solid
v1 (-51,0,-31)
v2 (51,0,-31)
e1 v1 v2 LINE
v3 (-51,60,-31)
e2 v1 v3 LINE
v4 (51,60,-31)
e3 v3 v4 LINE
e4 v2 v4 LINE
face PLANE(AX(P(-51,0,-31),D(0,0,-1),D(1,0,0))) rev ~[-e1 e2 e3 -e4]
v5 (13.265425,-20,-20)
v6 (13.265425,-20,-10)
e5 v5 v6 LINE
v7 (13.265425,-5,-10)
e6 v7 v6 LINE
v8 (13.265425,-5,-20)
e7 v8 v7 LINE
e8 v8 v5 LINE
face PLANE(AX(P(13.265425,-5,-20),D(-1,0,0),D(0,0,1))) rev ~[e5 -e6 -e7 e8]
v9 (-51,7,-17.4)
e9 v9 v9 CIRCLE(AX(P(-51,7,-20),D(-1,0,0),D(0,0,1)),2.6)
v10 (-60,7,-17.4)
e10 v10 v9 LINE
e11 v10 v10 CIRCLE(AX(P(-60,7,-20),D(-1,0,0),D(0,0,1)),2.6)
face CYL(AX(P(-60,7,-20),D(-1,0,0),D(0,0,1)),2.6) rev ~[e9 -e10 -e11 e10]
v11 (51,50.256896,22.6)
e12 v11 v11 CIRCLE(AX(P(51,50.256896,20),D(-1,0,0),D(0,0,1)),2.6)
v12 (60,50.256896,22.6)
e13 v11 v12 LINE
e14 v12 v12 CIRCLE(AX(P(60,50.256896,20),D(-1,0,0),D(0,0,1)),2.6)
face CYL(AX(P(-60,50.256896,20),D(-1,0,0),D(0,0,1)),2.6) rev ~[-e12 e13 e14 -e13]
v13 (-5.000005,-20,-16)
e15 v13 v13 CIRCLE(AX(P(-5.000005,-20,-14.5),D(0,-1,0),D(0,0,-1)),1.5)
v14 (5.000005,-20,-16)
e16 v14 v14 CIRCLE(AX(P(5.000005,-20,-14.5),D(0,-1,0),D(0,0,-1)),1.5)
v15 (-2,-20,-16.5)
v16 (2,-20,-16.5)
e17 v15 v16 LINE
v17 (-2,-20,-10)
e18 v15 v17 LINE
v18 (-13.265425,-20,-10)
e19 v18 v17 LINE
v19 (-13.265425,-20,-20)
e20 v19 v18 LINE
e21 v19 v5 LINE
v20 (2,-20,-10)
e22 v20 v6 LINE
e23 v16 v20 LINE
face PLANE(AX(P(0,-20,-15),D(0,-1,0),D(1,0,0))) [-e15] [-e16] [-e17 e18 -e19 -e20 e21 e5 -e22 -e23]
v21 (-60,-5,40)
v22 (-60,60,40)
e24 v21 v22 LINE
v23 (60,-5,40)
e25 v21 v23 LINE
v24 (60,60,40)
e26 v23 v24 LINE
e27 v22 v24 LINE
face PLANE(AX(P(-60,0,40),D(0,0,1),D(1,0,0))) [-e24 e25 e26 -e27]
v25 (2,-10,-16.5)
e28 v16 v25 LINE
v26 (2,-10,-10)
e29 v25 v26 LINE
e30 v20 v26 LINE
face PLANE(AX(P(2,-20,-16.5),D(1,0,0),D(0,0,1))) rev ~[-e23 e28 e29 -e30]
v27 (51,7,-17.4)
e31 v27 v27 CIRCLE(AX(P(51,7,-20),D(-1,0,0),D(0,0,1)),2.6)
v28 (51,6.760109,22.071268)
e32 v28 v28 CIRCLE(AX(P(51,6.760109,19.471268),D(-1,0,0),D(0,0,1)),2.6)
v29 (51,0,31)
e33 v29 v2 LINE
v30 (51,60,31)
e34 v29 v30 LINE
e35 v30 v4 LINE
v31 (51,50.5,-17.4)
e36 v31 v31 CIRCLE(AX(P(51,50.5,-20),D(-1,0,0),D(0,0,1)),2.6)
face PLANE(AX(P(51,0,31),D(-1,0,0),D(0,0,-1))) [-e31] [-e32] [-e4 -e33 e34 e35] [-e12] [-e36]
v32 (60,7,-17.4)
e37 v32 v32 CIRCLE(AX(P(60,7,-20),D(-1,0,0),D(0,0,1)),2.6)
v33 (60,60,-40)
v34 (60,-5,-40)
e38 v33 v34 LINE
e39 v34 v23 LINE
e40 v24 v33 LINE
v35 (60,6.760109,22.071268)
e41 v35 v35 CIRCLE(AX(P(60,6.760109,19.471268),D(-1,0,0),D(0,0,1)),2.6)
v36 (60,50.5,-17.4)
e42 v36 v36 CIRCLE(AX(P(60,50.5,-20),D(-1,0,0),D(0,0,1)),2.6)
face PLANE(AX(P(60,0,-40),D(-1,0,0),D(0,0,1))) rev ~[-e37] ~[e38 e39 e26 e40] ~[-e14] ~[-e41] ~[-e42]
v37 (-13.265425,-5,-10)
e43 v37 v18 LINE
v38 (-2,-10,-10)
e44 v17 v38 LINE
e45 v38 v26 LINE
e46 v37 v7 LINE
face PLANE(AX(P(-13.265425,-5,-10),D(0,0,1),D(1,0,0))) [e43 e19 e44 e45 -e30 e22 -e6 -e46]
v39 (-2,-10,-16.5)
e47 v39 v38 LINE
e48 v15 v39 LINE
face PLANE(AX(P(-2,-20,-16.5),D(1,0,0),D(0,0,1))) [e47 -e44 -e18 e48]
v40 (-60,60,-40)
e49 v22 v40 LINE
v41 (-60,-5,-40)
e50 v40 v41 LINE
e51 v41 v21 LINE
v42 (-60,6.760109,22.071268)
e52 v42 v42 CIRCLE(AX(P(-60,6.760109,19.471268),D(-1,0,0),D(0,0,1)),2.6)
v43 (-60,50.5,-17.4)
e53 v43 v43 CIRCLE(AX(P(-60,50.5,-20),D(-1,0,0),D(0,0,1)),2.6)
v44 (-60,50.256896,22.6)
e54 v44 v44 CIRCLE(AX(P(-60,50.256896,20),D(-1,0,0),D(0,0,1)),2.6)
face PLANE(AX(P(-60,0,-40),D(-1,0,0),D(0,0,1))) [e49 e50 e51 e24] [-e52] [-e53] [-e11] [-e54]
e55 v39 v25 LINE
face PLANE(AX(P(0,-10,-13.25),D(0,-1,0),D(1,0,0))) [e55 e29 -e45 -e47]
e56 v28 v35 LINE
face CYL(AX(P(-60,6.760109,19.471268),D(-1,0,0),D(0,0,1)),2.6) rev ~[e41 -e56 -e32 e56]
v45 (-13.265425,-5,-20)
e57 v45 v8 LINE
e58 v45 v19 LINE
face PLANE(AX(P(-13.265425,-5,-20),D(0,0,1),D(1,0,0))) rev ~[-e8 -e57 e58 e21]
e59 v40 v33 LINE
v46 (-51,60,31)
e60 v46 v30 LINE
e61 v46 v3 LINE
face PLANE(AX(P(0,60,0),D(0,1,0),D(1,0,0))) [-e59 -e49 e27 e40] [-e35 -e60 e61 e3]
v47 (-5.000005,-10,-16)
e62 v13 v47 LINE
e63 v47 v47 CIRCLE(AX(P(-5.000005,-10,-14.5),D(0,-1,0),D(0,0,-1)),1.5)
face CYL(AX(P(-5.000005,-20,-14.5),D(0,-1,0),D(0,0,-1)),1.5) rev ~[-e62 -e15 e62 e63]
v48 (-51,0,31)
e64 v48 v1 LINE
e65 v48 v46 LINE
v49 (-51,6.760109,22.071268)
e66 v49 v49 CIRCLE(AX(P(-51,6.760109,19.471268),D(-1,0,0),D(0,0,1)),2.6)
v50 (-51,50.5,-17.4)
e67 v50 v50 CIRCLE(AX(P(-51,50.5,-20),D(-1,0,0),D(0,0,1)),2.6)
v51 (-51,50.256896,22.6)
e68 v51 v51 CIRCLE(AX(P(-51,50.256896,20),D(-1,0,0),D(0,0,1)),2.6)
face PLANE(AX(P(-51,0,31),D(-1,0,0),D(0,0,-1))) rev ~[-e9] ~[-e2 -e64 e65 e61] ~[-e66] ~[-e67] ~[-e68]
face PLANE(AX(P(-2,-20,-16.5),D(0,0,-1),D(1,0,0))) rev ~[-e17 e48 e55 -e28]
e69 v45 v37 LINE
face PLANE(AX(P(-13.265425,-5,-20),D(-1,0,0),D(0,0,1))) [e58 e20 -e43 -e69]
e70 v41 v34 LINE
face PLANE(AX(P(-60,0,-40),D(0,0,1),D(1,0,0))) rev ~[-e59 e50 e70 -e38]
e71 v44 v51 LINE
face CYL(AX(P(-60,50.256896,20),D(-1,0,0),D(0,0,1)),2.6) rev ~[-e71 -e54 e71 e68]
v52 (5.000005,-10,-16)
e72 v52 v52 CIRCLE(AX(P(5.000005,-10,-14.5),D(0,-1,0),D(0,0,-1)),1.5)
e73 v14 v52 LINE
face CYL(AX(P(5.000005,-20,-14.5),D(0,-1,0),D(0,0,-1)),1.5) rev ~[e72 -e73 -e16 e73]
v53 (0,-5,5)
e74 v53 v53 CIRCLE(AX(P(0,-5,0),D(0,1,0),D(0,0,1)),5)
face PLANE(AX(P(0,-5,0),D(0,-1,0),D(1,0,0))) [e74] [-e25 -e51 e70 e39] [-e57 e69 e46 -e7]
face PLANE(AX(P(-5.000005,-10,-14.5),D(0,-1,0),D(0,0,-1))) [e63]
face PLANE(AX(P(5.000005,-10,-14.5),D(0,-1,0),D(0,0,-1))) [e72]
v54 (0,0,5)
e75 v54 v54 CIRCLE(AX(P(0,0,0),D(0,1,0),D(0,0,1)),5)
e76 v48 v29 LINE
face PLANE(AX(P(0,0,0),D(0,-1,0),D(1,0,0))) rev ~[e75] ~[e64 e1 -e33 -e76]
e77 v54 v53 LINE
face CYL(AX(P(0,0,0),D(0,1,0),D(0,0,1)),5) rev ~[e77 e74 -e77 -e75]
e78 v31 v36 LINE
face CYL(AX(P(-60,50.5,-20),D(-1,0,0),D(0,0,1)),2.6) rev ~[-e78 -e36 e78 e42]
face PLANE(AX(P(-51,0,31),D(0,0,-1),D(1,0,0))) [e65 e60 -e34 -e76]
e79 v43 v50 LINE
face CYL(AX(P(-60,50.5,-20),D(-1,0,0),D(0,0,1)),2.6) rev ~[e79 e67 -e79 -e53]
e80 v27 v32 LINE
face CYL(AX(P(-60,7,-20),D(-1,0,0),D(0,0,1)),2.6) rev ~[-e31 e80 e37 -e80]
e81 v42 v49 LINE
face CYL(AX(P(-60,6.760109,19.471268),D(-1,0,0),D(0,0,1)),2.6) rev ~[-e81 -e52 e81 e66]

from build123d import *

# Parameters (mm, degrees)
SKETCH1_W           = 120
SKETCH1_H           = 80
SKETCH1_W_2         = 102
SKETCH1_H_2         = 62
BOSS_EXTRUDE1_DEPTH = 60
SKETCH2_W           = 120
SKETCH2_H           = 80
BOSS_EXTRUDE2_DEPTH = 5
SKETCH5_R           = 2.6
CUT_EXTRUDE1_DEPTH  = 141
SKETCH6_R           = 5
CUT_EXTRUDE2_DEPTH  = 94.808315196
SKETCH7_W           = 26.53085
SKETCH7_H           = 10
BOSS_EXTRUDE3_DEPTH = 15
SKETCH8_W           = 4
SKETCH8_H           = 6.5
SKETCH8_R           = 1.5
CUT_EXTRUDE3_DEPTH  = 10


with BuildPart() as part:
    # Sketch1 → Boss-Extrude1 (new body)
    with BuildSketch(Plane(origin=(0, 0, 0), x_dir=(1, 0, 0), z_dir=(0, 1, 0))):
        Rectangle(SKETCH1_W, SKETCH1_H)
        Rectangle(SKETCH1_W_2, SKETCH1_H_2, mode=Mode.SUBTRACT)
    extrude(amount=BOSS_EXTRUDE1_DEPTH)

    # Sketch2 → Boss-Extrude2 (add)
    with BuildSketch(Plane.XZ):
        Rectangle(SKETCH2_W, SKETCH2_H)
    extrude(amount=BOSS_EXTRUDE2_DEPTH)

    # Sketch5 → Cut-Extrude1 (cut, through all)
    with BuildSketch(Plane.ZY.offset(60)):
        with Locations((-20, 50.5)):
            Circle(SKETCH5_R)
        with Locations((20, 50.25689587)):
            Circle(SKETCH5_R)
        with Locations((-20, 7)):
            Circle(SKETCH5_R)
        with Locations((19.471268046, 6.760109293)):
            Circle(SKETCH5_R)
    extrude(amount=-CUT_EXTRUDE1_DEPTH, mode=Mode.SUBTRACT)

    # Sketch6 → Cut-Extrude2 (cut, through all)
    with BuildSketch(Plane(origin=(0, 0, 0), x_dir=(1, 0, 0), z_dir=(0, 1, 0))):
        with Locations(Location((0, 0, 0), (0, 0, 270))):
            Circle(SKETCH6_R)
    extrude(amount=-CUT_EXTRUDE2_DEPTH, mode=Mode.SUBTRACT)

    # Sketch7 → Boss-Extrude3 (add)
    with BuildSketch(Plane.XZ.offset(5)):
        with Locations((0, -15)):
            Rectangle(SKETCH7_W, SKETCH7_H)
    extrude(amount=BOSS_EXTRUDE3_DEPTH)

    # Sketch8 → Cut-Extrude3 (cut)
    with BuildSketch(Plane.XZ.offset(20)):
        with Locations((0, -13.25)):
            Rectangle(SKETCH8_W, SKETCH8_H)
        with Locations(Location((-5.000005, -14.5, 0), (0, 0, 270))):
            Circle(SKETCH8_R)
        with Locations(Location((5.000005, -14.5, 0), (0, 0, 270))):
            Circle(SKETCH8_R)
    extrude(amount=-CUT_EXTRUDE3_DEPTH, mode=Mode.SUBTRACT)


solid = part.part
